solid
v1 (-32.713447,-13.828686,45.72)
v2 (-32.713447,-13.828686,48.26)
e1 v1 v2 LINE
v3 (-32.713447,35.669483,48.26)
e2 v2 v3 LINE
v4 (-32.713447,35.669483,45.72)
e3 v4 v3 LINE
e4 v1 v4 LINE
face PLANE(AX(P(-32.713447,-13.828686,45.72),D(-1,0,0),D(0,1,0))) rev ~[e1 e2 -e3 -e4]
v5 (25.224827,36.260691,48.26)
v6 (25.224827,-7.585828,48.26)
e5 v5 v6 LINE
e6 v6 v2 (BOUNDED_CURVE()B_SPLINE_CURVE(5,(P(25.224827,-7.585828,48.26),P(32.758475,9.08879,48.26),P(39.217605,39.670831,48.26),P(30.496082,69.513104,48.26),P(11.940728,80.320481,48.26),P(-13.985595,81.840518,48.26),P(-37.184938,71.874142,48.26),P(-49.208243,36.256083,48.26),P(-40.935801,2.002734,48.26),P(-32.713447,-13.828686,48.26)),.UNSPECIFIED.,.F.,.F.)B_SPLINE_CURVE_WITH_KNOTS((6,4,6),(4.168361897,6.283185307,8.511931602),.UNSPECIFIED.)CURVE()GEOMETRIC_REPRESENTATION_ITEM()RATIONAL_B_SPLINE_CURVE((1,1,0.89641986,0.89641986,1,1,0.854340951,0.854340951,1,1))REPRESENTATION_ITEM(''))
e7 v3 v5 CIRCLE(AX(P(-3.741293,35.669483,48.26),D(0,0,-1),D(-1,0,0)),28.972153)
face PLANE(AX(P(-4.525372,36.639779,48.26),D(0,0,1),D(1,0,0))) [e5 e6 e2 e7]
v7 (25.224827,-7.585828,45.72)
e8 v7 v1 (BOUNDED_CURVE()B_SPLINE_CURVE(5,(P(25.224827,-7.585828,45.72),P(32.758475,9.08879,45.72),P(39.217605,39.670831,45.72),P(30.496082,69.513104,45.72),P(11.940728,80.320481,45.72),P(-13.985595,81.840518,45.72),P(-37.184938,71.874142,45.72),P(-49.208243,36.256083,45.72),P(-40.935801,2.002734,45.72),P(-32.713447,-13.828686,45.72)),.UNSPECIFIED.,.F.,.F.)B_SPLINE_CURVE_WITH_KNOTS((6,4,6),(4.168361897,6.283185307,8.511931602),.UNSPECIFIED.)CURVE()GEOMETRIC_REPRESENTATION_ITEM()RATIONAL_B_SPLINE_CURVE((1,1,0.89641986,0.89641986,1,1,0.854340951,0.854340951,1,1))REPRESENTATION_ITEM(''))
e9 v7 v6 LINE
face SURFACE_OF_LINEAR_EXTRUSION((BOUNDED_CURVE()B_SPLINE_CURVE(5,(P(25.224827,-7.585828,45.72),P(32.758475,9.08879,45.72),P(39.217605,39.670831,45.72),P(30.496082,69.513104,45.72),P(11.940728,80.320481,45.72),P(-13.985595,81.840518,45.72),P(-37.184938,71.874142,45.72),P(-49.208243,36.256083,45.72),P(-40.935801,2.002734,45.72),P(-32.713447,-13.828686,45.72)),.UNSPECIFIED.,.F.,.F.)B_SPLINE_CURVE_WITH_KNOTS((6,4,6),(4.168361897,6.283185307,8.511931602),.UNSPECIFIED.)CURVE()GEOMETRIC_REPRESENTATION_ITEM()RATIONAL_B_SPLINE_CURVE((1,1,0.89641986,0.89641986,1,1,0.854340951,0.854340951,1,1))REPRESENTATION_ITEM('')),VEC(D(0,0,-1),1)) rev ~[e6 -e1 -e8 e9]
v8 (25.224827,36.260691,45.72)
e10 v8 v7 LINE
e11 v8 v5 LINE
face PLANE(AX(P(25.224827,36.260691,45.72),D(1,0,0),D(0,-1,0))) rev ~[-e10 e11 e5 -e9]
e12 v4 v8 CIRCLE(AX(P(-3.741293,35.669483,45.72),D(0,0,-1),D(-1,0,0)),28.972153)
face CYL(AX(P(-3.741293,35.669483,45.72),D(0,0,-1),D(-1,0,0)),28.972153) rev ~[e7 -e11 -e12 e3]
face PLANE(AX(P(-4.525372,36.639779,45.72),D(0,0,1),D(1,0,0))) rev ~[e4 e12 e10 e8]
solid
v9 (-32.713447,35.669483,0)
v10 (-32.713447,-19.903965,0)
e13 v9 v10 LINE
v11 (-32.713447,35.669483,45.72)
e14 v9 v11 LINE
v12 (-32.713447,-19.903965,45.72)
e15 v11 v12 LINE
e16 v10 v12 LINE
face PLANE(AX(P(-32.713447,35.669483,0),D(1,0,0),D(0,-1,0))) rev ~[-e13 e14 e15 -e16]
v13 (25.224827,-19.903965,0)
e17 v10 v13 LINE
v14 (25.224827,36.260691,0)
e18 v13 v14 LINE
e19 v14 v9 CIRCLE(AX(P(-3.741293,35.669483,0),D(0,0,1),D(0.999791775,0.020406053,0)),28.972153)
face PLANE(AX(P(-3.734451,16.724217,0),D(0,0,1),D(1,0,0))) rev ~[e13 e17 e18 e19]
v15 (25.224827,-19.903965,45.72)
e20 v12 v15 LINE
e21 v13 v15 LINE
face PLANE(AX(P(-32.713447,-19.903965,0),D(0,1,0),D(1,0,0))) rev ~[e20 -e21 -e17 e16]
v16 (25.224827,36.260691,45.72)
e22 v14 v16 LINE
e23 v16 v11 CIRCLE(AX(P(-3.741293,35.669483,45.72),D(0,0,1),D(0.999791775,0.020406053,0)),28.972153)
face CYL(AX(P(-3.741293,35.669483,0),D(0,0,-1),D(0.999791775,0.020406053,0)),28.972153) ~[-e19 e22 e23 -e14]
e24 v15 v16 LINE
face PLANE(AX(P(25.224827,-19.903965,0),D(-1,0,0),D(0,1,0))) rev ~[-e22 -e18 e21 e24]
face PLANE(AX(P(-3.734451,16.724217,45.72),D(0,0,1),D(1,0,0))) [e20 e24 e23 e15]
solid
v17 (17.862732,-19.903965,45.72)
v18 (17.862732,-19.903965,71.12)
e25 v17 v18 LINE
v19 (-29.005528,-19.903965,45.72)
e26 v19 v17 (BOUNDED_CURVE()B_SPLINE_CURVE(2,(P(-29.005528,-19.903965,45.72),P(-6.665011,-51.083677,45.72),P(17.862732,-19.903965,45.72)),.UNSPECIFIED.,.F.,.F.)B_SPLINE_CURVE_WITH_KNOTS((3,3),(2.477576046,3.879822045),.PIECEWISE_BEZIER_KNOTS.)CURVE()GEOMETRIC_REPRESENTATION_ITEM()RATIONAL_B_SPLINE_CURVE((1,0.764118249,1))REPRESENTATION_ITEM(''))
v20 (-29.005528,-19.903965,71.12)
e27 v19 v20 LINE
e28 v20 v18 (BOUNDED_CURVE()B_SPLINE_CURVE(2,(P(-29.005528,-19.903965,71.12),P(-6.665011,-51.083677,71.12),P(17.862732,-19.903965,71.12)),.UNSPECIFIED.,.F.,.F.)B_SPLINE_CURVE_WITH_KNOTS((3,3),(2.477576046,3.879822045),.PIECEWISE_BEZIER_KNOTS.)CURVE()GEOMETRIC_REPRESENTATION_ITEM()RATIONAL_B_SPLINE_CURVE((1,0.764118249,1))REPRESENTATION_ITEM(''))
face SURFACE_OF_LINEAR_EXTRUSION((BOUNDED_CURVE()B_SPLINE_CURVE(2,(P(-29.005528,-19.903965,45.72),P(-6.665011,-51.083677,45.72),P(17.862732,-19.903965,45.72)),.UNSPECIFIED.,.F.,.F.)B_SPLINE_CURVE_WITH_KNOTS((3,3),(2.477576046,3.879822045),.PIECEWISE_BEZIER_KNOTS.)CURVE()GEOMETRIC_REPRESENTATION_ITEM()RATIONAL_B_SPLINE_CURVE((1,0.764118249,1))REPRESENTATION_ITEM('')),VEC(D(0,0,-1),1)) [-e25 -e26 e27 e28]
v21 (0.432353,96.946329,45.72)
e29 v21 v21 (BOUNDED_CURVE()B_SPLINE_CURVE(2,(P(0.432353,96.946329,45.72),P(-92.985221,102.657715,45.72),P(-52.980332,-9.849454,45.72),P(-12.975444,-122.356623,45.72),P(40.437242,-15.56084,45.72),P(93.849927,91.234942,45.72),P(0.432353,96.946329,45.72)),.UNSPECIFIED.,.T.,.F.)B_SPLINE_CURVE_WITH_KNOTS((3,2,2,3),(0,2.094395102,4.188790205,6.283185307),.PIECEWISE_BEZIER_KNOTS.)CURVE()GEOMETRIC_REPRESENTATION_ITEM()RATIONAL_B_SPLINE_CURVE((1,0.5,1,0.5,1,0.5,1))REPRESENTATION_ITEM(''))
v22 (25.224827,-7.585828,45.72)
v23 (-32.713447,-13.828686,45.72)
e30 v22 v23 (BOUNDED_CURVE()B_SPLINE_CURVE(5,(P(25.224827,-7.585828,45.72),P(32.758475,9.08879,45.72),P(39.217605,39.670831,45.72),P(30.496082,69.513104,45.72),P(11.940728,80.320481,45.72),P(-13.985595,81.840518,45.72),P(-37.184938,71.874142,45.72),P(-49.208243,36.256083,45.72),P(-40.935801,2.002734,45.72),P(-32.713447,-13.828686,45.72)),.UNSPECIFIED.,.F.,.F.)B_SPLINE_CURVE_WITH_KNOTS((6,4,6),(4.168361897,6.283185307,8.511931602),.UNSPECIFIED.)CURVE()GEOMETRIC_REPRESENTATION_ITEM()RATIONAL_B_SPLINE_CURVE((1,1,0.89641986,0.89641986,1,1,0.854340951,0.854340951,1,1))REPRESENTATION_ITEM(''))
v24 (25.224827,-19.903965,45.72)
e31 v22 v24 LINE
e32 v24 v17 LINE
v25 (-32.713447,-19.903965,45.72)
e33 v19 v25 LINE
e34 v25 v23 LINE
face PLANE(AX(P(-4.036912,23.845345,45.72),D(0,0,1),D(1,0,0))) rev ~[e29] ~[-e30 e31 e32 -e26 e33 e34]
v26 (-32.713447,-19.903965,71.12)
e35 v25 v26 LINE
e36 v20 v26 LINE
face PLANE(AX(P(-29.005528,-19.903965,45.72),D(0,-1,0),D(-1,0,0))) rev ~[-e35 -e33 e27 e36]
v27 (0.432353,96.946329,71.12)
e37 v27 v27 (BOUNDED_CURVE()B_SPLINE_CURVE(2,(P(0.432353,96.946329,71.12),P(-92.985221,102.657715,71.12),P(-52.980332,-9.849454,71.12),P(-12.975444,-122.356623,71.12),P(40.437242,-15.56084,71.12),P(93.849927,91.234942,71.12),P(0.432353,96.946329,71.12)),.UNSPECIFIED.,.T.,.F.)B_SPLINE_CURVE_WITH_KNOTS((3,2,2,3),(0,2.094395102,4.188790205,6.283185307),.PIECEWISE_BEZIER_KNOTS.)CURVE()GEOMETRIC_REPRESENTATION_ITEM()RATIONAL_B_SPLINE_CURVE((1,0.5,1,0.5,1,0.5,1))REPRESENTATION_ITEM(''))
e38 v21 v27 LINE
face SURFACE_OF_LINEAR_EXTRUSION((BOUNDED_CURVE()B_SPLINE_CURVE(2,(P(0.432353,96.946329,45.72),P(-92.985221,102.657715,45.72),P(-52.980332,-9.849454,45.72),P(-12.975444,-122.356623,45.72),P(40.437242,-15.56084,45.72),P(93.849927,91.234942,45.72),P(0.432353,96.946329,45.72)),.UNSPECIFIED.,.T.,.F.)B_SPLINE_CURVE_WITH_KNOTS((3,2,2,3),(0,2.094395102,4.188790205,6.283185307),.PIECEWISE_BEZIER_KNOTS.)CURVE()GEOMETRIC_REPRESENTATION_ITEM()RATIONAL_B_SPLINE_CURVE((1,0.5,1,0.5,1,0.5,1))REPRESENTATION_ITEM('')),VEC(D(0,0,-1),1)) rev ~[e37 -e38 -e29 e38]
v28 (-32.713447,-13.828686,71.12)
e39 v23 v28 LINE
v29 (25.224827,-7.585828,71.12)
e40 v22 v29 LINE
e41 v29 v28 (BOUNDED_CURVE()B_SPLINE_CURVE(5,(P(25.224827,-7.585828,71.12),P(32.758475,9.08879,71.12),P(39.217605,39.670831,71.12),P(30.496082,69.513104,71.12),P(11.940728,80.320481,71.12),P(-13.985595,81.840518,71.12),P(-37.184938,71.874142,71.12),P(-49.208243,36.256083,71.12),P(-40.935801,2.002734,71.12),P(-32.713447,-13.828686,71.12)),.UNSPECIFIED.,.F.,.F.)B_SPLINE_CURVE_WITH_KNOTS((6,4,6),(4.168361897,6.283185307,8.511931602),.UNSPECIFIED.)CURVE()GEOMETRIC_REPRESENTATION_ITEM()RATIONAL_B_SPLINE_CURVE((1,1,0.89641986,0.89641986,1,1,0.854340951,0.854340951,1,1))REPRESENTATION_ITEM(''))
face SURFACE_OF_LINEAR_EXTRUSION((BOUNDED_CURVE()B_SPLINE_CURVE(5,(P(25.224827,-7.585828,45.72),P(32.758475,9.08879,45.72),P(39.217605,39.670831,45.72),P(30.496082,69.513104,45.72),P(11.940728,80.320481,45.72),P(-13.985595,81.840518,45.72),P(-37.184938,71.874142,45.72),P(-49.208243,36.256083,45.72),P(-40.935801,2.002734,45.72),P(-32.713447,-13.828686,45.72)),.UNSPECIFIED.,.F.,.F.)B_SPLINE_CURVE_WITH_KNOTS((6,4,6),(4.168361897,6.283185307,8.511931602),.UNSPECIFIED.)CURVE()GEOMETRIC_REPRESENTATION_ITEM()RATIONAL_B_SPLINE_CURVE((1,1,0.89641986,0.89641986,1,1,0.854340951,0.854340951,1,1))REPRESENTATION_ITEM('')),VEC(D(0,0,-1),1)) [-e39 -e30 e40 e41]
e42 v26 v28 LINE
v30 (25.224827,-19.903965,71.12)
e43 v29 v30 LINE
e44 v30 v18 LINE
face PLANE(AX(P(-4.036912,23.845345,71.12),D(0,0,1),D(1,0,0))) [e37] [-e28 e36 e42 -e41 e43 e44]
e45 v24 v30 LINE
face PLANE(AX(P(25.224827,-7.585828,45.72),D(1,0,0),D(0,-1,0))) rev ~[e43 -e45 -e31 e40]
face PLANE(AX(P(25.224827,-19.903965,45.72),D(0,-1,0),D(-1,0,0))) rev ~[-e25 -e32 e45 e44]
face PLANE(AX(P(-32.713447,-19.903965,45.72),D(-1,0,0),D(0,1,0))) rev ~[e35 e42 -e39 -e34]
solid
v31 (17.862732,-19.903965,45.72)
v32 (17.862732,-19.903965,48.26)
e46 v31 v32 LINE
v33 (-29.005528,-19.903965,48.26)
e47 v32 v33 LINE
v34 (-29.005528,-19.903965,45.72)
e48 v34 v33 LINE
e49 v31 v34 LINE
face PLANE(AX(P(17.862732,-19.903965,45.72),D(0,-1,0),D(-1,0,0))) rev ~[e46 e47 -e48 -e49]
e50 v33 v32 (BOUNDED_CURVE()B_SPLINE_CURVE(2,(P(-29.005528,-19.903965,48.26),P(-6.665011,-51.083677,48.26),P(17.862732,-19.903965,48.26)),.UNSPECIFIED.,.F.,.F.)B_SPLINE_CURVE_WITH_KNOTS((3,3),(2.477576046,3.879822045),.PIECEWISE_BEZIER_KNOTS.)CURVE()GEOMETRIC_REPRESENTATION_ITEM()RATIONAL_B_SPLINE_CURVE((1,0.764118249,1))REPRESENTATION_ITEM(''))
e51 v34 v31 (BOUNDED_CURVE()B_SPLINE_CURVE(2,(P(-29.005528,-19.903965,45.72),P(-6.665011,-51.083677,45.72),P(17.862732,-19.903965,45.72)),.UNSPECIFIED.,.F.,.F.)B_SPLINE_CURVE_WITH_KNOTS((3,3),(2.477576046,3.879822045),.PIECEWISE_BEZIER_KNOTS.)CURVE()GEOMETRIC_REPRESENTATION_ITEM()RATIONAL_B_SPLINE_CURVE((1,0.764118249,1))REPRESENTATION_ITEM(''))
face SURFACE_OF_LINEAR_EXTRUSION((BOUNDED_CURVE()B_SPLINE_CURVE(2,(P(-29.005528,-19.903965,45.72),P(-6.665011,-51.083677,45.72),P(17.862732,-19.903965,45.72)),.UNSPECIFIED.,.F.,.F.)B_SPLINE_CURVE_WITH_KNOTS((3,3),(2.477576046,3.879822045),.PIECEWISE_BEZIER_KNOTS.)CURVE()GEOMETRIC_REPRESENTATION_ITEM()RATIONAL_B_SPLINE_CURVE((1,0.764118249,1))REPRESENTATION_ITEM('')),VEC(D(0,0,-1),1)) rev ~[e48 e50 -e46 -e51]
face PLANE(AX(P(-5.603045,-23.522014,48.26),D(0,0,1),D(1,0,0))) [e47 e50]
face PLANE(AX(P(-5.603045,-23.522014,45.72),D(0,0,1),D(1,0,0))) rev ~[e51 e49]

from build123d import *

# Parameters (mm, degrees)
F1_DEPTH = 45.72
F3_DEPTH = 2.54
F4_DEPTH = 25.4


with BuildPart() as f1:
    # F0 (on Top) → F1 (new body)
    with BuildSketch(Plane.XY):
        with BuildLine():
            ThreePointArc((25.22482723, 36.2606905401), (-4.0369124393, 64.6401283862), (-32.7134467661, 35.6694832444))
            Line((-32.7134467661, 35.6694832444), (-32.7134467661, -19.9039652944))
            Line((-32.7134467661, -19.9039652944), (25.22482723, -19.9039652944))
            Line((25.22482723, -19.9039652944), (25.22482723, 36.2606905401))
        make_face()
    extrude(amount=F1_DEPTH)


with BuildPart() as f3:
    # F2 (on face) → F3 (new body)
    with BuildSketch(Plane.XY.offset(45.72)):
        with BuildLine():
            add(Edge.make_bspline(
                [(25.22482723, -7.5858282217), (63.5734955781, 77.2932996004), (-0.6824364536, 81.0605660081)],
                knots=[4.1683618973, 4.1683618973, 4.1683618973, 6.2831853072, 6.2831853072, 6.2831853072], degree=2, weights=[1, 0.4911283552, 1]))
            add(Edge.make_bspline(
                [(-0.6824364536, 81.0605660081), (-84.5497867693, 85.9776318969), (-32.7134467661, -13.8286861404)],
                knots=[0, 0, 0, 2.3260735944, 2.3260735944, 2.3260735944], degree=2, weights=[1, 0.3965535472, 1]))
            Line((-32.7134467661, -13.8286861404), (-32.7134467661, 35.6694832444))
            ThreePointArc((-32.7134467661, 35.6694832444), (-4.0369124393, 64.6401283862), (25.22482723, 36.2606905401))
            Line((25.22482723, 36.2606905401), (25.22482723, -7.5858282217))
        make_face()
    extrude(amount=F3_DEPTH)


with BuildPart() as f3b:
    # F2 (on face) → F3, piece 2 (new body)
    with BuildSketch(Plane.XY.offset(45.72)):
        with BuildLine():
            Line((17.8627317463, -19.9039652944), (-29.0055276221, -19.9039652944))
            add(Edge.make_bspline(
                [(-29.0055276221, -19.9039652944), (-6.6650109788, -51.0836773686), (17.8627317463, -19.9039652944)],
                knots=[2.4775760464, 2.4775760464, 2.4775760464, 3.8798220453, 3.8798220453, 3.8798220453], degree=2, weights=[1, 0.764118249, 1]))
        make_face()
    extrude(amount=F3_DEPTH)


with BuildPart() as f4:
    # F2 (on face) → F4 (new body)
    with BuildSketch(Plane.XY.offset(45.72)):
        with BuildLine():
            add(Edge.make_bspline(
                [(0.4323533212, 96.9463288784), (-92.9852208549, 102.6577152688), (-52.9803324076, -9.8494540712), (-12.9754439602, -122.3566234112), (40.4372417686, -15.5608404616), (93.8499274974, 91.234942488), (0.4323533212, 96.9463288784)],
                knots=[0, 0, 0, 2.0943951024, 2.0943951024, 4.1887902048, 4.1887902048, 6.2831853072, 6.2831853072, 6.2831853072], degree=2, weights=[1, 0.5, 1, 0.5, 1, 0.5, 1]))
        make_face()
        with BuildLine():
            add(Edge.make_bspline(
                [(-0.6824364536, 81.0605660081), (-84.5497867693, 85.9776318969), (-32.7134467661, -13.8286861404)],
                knots=[0, 0, 0, 2.3260735944, 2.3260735944, 2.3260735944], degree=2, weights=[1, 0.3965535472, 1]))
            add(Edge.make_bspline(
                [(25.22482723, -7.5858282217), (63.5734955781, 77.2932996004), (-0.6824364536, 81.0605660081)],
                knots=[4.1683618973, 4.1683618973, 4.1683618973, 6.2831853072, 6.2831853072, 6.2831853072], degree=2, weights=[1, 0.4911283552, 1]))
            Line((25.22482723, -7.5858282217), (25.22482723, -19.9039652944))
            Line((25.22482723, -19.9039652944), (17.8627317463, -19.9039652944))
            add(Edge.make_bspline(
                [(-29.0055276221, -19.9039652944), (-6.6650109788, -51.0836773686), (17.8627317463, -19.9039652944)],
                knots=[2.4775760464, 2.4775760464, 2.4775760464, 3.8798220453, 3.8798220453, 3.8798220453], degree=2, weights=[1, 0.764118249, 1]))
            Line((-29.0055276221, -19.9039652944), (-32.7134467661, -19.9039652944))
            Line((-32.7134467661, -19.9039652944), (-32.7134467661, -13.8286861404))
        make_face(mode=Mode.SUBTRACT)
    extrude(amount=F4_DEPTH)


solid = Compound([f1.part, f3.part, f3b.part, f4.part])
